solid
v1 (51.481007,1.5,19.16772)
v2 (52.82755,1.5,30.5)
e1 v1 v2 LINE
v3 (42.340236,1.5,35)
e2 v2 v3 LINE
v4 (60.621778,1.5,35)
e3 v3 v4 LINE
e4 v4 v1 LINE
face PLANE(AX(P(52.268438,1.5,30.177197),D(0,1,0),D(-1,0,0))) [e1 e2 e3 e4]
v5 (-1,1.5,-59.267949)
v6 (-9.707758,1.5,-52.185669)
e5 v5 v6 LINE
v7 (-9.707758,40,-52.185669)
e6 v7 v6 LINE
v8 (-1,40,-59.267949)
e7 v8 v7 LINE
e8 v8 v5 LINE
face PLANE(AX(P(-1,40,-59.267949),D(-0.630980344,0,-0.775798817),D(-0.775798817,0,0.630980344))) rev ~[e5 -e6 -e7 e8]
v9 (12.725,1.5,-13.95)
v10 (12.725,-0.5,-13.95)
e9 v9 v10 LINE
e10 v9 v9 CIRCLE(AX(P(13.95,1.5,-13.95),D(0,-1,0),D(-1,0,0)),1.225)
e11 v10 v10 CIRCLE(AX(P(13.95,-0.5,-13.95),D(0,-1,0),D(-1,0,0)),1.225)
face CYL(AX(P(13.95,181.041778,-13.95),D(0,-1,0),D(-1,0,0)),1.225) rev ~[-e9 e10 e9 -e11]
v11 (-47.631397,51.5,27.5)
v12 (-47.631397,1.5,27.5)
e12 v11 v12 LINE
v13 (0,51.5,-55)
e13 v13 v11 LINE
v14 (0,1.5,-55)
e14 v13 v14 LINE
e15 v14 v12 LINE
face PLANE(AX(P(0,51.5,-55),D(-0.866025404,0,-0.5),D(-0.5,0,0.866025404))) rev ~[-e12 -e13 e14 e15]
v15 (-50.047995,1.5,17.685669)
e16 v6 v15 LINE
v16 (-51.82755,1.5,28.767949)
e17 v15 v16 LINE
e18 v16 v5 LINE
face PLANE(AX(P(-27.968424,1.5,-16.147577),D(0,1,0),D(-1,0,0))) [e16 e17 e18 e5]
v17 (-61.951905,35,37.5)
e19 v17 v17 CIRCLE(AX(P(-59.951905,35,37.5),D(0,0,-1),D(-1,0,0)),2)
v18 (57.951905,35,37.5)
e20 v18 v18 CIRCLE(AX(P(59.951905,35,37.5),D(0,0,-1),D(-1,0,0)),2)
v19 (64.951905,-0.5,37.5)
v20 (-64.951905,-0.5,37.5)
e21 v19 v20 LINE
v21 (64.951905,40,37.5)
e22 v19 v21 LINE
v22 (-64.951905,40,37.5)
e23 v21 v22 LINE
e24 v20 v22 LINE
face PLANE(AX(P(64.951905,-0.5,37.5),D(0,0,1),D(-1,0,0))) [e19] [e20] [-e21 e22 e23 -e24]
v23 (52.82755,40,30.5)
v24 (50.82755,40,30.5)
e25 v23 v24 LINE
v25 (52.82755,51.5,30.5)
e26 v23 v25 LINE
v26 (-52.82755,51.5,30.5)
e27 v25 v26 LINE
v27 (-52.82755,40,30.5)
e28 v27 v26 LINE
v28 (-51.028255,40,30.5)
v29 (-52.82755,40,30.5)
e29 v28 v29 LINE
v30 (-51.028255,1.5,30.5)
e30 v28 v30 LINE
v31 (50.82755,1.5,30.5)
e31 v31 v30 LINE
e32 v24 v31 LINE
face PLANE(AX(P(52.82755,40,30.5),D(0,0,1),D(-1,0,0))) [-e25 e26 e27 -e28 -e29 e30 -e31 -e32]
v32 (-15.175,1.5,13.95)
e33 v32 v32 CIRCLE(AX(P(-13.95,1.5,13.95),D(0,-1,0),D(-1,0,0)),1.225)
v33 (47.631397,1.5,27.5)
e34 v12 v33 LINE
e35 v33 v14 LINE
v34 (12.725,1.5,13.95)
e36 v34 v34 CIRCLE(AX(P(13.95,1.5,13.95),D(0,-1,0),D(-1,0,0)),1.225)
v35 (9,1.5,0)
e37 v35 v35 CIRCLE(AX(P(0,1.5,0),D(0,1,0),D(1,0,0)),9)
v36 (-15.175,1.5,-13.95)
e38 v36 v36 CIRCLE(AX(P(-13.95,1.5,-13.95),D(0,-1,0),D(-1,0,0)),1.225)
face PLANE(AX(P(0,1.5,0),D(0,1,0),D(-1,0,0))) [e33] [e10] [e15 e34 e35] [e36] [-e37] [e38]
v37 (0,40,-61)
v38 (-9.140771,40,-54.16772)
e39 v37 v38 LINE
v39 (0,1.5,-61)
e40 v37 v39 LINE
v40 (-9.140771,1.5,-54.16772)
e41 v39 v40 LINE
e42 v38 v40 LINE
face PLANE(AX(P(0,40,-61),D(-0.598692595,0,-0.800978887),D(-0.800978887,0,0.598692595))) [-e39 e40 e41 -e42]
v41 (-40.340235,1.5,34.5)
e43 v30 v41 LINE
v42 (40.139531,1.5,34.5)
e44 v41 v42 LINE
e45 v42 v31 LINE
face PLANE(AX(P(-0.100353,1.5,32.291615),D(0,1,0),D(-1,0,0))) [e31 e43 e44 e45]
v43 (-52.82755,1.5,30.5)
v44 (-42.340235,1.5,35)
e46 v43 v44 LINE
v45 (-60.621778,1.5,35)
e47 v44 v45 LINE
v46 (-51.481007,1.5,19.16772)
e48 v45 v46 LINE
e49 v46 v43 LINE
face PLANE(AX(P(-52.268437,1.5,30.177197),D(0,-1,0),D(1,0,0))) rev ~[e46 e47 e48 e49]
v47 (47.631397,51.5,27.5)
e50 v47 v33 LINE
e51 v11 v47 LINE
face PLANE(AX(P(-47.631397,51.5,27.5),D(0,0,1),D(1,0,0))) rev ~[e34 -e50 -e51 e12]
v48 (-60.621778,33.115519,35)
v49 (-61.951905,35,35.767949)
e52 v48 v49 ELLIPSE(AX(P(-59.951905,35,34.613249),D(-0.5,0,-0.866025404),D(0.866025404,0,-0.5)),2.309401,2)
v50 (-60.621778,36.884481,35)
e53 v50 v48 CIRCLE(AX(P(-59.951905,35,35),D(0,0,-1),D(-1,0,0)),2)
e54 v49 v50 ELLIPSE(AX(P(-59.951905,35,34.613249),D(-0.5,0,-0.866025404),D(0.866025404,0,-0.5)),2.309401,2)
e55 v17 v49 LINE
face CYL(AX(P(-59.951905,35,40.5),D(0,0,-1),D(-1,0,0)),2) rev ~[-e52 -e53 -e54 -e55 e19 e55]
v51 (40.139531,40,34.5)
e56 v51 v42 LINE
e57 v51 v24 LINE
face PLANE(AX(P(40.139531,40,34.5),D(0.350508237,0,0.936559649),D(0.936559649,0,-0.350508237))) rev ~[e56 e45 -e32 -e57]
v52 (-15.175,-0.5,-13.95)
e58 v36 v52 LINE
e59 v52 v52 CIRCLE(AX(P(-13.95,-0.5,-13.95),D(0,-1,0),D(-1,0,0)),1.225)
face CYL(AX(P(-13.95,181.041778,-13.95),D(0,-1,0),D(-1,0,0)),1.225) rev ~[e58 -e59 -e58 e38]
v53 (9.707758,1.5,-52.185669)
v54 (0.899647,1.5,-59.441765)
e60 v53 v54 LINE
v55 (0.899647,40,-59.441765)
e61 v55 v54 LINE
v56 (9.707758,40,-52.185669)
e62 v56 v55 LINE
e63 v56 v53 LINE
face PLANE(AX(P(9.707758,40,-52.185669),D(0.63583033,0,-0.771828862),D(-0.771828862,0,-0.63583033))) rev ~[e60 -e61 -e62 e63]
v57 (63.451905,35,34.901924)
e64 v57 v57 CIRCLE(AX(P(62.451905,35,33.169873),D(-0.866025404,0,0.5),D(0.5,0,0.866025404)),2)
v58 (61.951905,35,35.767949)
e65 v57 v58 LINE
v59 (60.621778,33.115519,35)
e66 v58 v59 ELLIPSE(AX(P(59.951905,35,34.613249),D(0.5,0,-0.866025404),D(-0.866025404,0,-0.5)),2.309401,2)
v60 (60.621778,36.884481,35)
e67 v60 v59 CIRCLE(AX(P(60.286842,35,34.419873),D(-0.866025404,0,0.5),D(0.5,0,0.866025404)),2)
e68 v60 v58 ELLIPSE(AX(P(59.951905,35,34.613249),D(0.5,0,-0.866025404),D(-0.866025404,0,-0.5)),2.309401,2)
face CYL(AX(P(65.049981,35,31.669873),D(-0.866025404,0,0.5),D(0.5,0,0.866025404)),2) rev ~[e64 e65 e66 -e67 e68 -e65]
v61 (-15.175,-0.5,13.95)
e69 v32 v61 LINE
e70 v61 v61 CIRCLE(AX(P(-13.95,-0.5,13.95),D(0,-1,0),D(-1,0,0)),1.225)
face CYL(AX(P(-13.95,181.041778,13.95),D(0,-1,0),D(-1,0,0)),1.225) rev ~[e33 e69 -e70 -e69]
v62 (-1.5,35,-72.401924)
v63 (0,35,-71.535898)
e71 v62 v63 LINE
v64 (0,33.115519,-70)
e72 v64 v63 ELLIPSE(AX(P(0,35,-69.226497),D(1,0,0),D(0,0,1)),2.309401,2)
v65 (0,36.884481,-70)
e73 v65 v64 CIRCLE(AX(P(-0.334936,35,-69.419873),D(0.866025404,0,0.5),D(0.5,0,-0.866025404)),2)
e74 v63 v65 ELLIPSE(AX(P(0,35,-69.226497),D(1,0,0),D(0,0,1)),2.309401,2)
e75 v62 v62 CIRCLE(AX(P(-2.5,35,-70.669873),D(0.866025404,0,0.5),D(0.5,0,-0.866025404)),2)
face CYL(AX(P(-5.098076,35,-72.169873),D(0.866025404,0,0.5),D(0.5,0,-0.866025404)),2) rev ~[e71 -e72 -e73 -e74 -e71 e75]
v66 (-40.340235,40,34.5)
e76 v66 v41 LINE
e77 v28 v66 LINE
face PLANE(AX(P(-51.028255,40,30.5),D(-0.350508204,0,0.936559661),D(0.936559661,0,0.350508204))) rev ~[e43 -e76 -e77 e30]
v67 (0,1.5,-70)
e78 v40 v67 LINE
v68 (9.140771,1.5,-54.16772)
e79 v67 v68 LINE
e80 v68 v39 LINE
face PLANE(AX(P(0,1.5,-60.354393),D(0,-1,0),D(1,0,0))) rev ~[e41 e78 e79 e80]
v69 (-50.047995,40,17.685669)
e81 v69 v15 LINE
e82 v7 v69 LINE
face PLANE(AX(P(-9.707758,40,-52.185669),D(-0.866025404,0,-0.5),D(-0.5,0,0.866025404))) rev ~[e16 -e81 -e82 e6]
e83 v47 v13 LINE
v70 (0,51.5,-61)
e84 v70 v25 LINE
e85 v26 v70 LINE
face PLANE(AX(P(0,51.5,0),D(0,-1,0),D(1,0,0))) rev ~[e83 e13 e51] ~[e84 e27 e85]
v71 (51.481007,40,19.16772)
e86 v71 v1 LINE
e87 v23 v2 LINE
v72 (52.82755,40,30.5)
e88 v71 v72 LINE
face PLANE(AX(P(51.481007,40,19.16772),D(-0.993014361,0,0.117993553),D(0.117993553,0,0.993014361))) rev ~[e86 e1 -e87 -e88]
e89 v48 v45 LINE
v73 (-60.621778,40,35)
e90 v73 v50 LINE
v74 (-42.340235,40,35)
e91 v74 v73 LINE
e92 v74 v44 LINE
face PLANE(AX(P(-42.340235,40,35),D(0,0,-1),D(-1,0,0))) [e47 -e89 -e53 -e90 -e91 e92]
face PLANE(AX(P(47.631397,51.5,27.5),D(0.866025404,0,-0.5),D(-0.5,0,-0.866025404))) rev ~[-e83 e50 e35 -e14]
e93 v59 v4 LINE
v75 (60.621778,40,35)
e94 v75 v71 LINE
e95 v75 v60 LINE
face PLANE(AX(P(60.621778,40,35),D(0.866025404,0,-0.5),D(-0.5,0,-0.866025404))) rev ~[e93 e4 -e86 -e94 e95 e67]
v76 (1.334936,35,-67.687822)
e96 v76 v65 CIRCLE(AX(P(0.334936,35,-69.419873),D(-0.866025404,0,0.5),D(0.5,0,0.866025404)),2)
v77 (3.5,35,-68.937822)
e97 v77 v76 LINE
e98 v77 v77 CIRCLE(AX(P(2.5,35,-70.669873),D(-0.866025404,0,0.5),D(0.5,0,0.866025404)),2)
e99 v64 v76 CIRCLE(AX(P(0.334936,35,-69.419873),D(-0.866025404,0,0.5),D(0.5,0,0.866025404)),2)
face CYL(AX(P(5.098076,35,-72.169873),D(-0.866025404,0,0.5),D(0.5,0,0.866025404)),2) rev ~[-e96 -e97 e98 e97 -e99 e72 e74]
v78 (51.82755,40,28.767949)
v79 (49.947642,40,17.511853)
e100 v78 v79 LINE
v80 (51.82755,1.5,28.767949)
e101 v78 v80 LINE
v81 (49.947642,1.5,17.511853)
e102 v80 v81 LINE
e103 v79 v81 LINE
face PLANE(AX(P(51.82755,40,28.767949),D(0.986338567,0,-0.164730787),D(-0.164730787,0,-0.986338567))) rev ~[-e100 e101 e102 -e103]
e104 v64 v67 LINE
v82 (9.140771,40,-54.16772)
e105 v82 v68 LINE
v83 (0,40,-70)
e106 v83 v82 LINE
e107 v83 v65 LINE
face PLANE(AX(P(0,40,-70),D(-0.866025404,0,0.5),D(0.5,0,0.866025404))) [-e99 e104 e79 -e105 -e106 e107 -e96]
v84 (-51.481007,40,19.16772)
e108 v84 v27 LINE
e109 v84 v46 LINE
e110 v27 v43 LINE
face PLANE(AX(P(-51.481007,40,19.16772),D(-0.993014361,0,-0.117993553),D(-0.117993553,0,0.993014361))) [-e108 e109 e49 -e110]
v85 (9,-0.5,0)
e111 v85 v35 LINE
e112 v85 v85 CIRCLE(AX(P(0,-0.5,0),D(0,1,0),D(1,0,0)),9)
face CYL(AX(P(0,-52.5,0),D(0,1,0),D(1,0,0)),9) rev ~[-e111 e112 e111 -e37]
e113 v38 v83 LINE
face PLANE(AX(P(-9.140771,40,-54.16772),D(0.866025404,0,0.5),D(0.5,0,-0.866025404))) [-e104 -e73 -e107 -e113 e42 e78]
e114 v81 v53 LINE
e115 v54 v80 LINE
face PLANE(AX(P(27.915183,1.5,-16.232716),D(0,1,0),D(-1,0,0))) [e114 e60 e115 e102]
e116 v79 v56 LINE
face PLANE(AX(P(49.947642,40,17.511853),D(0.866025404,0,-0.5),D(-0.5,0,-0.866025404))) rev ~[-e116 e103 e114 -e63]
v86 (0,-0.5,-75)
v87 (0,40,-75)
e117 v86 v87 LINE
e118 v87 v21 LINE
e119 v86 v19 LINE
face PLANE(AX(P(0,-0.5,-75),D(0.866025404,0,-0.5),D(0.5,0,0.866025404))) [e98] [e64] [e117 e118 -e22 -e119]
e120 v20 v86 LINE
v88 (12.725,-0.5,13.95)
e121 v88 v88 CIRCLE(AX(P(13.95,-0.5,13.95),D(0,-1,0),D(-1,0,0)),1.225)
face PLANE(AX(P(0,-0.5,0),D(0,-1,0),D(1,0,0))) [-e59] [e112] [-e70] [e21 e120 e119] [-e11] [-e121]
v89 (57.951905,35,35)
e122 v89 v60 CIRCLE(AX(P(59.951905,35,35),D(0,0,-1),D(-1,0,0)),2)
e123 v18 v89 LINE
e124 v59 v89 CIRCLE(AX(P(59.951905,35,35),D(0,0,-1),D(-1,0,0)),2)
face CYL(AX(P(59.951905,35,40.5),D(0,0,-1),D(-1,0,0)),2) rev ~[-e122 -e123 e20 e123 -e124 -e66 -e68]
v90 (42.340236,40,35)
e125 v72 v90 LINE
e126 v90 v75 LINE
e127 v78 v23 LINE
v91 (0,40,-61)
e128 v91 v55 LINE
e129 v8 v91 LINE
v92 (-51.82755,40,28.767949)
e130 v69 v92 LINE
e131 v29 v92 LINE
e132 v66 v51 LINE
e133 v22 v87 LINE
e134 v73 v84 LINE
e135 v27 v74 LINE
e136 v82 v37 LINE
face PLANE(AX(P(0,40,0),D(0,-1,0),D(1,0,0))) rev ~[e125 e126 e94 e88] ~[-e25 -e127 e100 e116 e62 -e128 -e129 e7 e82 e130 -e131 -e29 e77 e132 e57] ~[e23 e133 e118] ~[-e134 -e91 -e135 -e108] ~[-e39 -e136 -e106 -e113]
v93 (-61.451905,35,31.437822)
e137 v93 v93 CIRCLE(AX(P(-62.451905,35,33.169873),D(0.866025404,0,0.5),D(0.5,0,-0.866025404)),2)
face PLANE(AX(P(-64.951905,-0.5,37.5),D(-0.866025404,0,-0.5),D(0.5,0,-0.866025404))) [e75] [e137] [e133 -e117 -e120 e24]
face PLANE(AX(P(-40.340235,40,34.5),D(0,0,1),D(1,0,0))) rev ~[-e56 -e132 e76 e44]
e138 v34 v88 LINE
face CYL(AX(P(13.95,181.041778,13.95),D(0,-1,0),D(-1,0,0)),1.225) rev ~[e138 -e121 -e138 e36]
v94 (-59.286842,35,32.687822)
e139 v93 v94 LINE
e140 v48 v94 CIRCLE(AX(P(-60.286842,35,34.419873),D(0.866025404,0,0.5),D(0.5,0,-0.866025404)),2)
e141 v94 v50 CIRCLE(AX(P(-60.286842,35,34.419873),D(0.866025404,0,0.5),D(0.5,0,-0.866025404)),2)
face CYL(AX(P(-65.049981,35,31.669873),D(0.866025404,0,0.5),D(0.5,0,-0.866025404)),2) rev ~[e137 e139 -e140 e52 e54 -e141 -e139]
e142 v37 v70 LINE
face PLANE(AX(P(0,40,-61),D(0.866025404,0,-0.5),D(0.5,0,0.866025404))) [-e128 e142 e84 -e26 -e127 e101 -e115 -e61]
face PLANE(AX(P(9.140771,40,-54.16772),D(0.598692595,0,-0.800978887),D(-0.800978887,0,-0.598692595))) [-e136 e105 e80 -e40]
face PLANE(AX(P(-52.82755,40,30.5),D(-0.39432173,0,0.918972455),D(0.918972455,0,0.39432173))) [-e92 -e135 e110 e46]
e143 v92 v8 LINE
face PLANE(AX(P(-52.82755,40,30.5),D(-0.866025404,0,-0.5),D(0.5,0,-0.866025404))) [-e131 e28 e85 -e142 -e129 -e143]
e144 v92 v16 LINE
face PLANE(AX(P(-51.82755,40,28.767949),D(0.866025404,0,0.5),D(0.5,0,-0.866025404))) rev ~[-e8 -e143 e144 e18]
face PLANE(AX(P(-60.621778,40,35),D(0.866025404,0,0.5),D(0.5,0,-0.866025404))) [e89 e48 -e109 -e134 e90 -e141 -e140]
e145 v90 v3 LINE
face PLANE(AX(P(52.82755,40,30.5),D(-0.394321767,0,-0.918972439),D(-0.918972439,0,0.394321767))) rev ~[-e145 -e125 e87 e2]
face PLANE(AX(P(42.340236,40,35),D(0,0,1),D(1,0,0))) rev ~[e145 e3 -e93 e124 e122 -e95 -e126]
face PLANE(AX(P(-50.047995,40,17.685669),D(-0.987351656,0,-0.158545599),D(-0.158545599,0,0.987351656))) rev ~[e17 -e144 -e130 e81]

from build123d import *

# Parameters (mm, degrees)
BOSS_EXTRUDE1_DEPTH            = 40.5
BOSS_EXTRUDE2_DEPTH            = 11.5
CUT_EXTRUDE1_DEPTH             = 38.5
CUT_EXTRUDE2_DEPTH             = 38.5
CUT_EXTRUDE3_DEPTH             = 38.5
CUT_EXTRUDE4_DEPTH             = 38.5
CUT_EXTRUDE5_DEPTH             = 38.5
CUT_EXTRUDE6_DEPTH             = 38.5
CUT_EXTRUDE7_DEPTH             = 50
F_18_0_18_DIAMETER_HOLE1_D     = 18
F_18_0_18_DIAMETER_HOLE1_DEPTH = 52
F_2_45_2_45_DIAMETER_HOLE1_D   = 2.45
F_4_0_4_DIAMETER_HOLE1_D       = 4
F_4_0_4_DIAMETER_HOLE1_DEPTH   = 3
F_4_0_4_DIAMETER_HOLE2_D       = 4
F_4_0_4_DIAMETER_HOLE2_DEPTH   = 3
F_4_0_4_DIAMETER_HOLE3_D       = 4
F_4_0_4_DIAMETER_HOLE3_DEPTH   = 3


with BuildPart() as part:
    # Sketch1 → Boss-Extrude1 (new body)
    with BuildSketch(Plane.XZ.offset(0.5)):
        Polygon((64.951905284, 37.5), (-64.951905284, 37.5), (0, -75), align=None)
    extrude(amount=-BOSS_EXTRUDE1_DEPTH)

    # Sketch4 → Boss-Extrude2 (add)
    with BuildSketch(Plane(origin=(0, 40, 0), x_dir=(-1, 0, 0), z_dir=(0, 1, 0))):
        Polygon((0, -61), (-52.827549631, 30.5), (52.827549631, 30.5), align=None)
    extrude(amount=BOSS_EXTRUDE2_DEPTH)

    # Sketch2 → Cut-Extrude1 (cut)
    with BuildSketch(Plane(origin=(0, 40, 0), x_dir=(-1, 0, 0), z_dir=(0, 1, 0))):
        Polygon((-0.899647383, -59.441765024), (-51.827549631, 28.767949192), (-49.94764189, 17.511853471), (-9.707758354, -52.185669302), align=None)
    extrude(amount=-CUT_EXTRUDE1_DEPTH, mode=Mode.SUBTRACT)

    # Sketch3 → Cut-Extrude2 (cut)
    with BuildSketch(Plane(origin=(0, 40, 0), x_dir=(-1, 0, 0), z_dir=(0, 1, 0))):
        Polygon((-50.827549631, 30.5), (51.028254843, 30.5), (40.340234991, 34.5), (-40.139530918, 34.5), align=None)
    extrude(amount=-CUT_EXTRUDE2_DEPTH, mode=Mode.SUBTRACT)

    # Sketch5 → Cut-Extrude3 (cut)
    with BuildSketch(Plane(origin=(0, 40, 0), x_dir=(-1, 0, 0), z_dir=(0, 1, 0))):
        Polygon((50.047994507, 17.685669302), (51.827549631, 28.767949192), (1, -59.267949192), (9.707758354, -52.185669302), align=None)
    extrude(amount=-CUT_EXTRUDE3_DEPTH, mode=Mode.SUBTRACT)

    # Sketch6 → Cut-Extrude4 (cut)
    with BuildSketch(Plane(origin=(0, 40, 0), x_dir=(-1, 0, 0), z_dir=(0, 1, 0))):
        Polygon((-42.340236152, 35), (-60.621778265, 35), (-51.481007209, 19.16772011), (-52.827549631, 30.5), align=None)
    extrude(amount=-CUT_EXTRUDE4_DEPTH, mode=Mode.SUBTRACT)

    # Sketch7 → Cut-Extrude5 (cut)
    with BuildSketch(Plane(origin=(0, 40, 0), x_dir=(-1, 0, 0), z_dir=(0, 1, 0))):
        Polygon((60.621778265, 35), (51.481007209, 19.16772011), (52.827549631, 30.5), (42.340234991, 35), align=None)
    extrude(amount=-CUT_EXTRUDE5_DEPTH, mode=Mode.SUBTRACT)

    # Sketch8 → Cut-Extrude6 (cut)
    with BuildSketch(Plane(origin=(0, 40, 0), x_dir=(-1, 0, 0), z_dir=(0, 1, 0))):
        Polygon((0, -70), (-9.140771056, -54.16772011), (0, -61), (9.140771056, -54.16772011), align=None)
    extrude(amount=-CUT_EXTRUDE6_DEPTH, mode=Mode.SUBTRACT)

    # Sketch9 → Cut-Extrude7 (cut)
    with BuildSketch(Plane(origin=(0, 51.5, 0), x_dir=(-1, 0, 0), z_dir=(0, 1, 0))):
        Polygon((47.631397208, 27.5), (-47.631397208, 27.5), (0, -55), align=None)
    extrude(amount=-CUT_EXTRUDE7_DEPTH, mode=Mode.SUBTRACT)

    # Ø18.0 (18) Diameter Hole1
    with Locations(Plane(origin=(0, -0.5, 0), x_dir=(-1, 0, 0), z_dir=(0, -1, 0))):
        with Locations((0, 0)):
            Hole(F_18_0_18_DIAMETER_HOLE1_D / 2, depth=F_18_0_18_DIAMETER_HOLE1_DEPTH)

    # Ø2.45 (2.45) Diameter Hole1 (through all)
    with Locations(Plane(origin=(0, 1.5, 0), x_dir=(1, 0, 0), z_dir=(0, 1, 0))):
        with Locations((13.95, 13.95), (-13.95, -13.95), (13.95, -13.95), (-13.95, 13.95)):
            Hole(F_2_45_2_45_DIAMETER_HOLE1_D / 2)

    # Ø4.0 (4) Diameter Hole1
    with Locations(Plane.XY.offset(37.5)):
        with Locations((59.951905284, 35), (-59.951905284, 35)):
            Hole(F_4_0_4_DIAMETER_HOLE1_D / 2, depth=F_4_0_4_DIAMETER_HOLE1_DEPTH)

    # Ø4.0 (4) Diameter Hole2
    with Locations(Plane(origin=(-32.475952642, 0, -18.75), x_dir=(-0.5000000000000003, 0, 0.8660254037844385), z_dir=(-0.8660254037844385, 0, -0.5000000000000003))):
        with Locations((-59.951905284, 35), (59.951905284, 35)):
            Hole(F_4_0_4_DIAMETER_HOLE2_D / 2, depth=F_4_0_4_DIAMETER_HOLE2_DEPTH)

    # Ø4.0 (4) Diameter Hole3
    with Locations(Plane(origin=(32.475952642, 0, -18.75), x_dir=(-0.499999999999999, 0, -0.8660254037844394), z_dir=(0.8660254037844394, 0, -0.499999999999999))):
        with Locations((59.951905284, 35), (-59.951905284, 35)):
            Hole(F_4_0_4_DIAMETER_HOLE3_D / 2, depth=F_4_0_4_DIAMETER_HOLE3_DEPTH)


solid = part.part
